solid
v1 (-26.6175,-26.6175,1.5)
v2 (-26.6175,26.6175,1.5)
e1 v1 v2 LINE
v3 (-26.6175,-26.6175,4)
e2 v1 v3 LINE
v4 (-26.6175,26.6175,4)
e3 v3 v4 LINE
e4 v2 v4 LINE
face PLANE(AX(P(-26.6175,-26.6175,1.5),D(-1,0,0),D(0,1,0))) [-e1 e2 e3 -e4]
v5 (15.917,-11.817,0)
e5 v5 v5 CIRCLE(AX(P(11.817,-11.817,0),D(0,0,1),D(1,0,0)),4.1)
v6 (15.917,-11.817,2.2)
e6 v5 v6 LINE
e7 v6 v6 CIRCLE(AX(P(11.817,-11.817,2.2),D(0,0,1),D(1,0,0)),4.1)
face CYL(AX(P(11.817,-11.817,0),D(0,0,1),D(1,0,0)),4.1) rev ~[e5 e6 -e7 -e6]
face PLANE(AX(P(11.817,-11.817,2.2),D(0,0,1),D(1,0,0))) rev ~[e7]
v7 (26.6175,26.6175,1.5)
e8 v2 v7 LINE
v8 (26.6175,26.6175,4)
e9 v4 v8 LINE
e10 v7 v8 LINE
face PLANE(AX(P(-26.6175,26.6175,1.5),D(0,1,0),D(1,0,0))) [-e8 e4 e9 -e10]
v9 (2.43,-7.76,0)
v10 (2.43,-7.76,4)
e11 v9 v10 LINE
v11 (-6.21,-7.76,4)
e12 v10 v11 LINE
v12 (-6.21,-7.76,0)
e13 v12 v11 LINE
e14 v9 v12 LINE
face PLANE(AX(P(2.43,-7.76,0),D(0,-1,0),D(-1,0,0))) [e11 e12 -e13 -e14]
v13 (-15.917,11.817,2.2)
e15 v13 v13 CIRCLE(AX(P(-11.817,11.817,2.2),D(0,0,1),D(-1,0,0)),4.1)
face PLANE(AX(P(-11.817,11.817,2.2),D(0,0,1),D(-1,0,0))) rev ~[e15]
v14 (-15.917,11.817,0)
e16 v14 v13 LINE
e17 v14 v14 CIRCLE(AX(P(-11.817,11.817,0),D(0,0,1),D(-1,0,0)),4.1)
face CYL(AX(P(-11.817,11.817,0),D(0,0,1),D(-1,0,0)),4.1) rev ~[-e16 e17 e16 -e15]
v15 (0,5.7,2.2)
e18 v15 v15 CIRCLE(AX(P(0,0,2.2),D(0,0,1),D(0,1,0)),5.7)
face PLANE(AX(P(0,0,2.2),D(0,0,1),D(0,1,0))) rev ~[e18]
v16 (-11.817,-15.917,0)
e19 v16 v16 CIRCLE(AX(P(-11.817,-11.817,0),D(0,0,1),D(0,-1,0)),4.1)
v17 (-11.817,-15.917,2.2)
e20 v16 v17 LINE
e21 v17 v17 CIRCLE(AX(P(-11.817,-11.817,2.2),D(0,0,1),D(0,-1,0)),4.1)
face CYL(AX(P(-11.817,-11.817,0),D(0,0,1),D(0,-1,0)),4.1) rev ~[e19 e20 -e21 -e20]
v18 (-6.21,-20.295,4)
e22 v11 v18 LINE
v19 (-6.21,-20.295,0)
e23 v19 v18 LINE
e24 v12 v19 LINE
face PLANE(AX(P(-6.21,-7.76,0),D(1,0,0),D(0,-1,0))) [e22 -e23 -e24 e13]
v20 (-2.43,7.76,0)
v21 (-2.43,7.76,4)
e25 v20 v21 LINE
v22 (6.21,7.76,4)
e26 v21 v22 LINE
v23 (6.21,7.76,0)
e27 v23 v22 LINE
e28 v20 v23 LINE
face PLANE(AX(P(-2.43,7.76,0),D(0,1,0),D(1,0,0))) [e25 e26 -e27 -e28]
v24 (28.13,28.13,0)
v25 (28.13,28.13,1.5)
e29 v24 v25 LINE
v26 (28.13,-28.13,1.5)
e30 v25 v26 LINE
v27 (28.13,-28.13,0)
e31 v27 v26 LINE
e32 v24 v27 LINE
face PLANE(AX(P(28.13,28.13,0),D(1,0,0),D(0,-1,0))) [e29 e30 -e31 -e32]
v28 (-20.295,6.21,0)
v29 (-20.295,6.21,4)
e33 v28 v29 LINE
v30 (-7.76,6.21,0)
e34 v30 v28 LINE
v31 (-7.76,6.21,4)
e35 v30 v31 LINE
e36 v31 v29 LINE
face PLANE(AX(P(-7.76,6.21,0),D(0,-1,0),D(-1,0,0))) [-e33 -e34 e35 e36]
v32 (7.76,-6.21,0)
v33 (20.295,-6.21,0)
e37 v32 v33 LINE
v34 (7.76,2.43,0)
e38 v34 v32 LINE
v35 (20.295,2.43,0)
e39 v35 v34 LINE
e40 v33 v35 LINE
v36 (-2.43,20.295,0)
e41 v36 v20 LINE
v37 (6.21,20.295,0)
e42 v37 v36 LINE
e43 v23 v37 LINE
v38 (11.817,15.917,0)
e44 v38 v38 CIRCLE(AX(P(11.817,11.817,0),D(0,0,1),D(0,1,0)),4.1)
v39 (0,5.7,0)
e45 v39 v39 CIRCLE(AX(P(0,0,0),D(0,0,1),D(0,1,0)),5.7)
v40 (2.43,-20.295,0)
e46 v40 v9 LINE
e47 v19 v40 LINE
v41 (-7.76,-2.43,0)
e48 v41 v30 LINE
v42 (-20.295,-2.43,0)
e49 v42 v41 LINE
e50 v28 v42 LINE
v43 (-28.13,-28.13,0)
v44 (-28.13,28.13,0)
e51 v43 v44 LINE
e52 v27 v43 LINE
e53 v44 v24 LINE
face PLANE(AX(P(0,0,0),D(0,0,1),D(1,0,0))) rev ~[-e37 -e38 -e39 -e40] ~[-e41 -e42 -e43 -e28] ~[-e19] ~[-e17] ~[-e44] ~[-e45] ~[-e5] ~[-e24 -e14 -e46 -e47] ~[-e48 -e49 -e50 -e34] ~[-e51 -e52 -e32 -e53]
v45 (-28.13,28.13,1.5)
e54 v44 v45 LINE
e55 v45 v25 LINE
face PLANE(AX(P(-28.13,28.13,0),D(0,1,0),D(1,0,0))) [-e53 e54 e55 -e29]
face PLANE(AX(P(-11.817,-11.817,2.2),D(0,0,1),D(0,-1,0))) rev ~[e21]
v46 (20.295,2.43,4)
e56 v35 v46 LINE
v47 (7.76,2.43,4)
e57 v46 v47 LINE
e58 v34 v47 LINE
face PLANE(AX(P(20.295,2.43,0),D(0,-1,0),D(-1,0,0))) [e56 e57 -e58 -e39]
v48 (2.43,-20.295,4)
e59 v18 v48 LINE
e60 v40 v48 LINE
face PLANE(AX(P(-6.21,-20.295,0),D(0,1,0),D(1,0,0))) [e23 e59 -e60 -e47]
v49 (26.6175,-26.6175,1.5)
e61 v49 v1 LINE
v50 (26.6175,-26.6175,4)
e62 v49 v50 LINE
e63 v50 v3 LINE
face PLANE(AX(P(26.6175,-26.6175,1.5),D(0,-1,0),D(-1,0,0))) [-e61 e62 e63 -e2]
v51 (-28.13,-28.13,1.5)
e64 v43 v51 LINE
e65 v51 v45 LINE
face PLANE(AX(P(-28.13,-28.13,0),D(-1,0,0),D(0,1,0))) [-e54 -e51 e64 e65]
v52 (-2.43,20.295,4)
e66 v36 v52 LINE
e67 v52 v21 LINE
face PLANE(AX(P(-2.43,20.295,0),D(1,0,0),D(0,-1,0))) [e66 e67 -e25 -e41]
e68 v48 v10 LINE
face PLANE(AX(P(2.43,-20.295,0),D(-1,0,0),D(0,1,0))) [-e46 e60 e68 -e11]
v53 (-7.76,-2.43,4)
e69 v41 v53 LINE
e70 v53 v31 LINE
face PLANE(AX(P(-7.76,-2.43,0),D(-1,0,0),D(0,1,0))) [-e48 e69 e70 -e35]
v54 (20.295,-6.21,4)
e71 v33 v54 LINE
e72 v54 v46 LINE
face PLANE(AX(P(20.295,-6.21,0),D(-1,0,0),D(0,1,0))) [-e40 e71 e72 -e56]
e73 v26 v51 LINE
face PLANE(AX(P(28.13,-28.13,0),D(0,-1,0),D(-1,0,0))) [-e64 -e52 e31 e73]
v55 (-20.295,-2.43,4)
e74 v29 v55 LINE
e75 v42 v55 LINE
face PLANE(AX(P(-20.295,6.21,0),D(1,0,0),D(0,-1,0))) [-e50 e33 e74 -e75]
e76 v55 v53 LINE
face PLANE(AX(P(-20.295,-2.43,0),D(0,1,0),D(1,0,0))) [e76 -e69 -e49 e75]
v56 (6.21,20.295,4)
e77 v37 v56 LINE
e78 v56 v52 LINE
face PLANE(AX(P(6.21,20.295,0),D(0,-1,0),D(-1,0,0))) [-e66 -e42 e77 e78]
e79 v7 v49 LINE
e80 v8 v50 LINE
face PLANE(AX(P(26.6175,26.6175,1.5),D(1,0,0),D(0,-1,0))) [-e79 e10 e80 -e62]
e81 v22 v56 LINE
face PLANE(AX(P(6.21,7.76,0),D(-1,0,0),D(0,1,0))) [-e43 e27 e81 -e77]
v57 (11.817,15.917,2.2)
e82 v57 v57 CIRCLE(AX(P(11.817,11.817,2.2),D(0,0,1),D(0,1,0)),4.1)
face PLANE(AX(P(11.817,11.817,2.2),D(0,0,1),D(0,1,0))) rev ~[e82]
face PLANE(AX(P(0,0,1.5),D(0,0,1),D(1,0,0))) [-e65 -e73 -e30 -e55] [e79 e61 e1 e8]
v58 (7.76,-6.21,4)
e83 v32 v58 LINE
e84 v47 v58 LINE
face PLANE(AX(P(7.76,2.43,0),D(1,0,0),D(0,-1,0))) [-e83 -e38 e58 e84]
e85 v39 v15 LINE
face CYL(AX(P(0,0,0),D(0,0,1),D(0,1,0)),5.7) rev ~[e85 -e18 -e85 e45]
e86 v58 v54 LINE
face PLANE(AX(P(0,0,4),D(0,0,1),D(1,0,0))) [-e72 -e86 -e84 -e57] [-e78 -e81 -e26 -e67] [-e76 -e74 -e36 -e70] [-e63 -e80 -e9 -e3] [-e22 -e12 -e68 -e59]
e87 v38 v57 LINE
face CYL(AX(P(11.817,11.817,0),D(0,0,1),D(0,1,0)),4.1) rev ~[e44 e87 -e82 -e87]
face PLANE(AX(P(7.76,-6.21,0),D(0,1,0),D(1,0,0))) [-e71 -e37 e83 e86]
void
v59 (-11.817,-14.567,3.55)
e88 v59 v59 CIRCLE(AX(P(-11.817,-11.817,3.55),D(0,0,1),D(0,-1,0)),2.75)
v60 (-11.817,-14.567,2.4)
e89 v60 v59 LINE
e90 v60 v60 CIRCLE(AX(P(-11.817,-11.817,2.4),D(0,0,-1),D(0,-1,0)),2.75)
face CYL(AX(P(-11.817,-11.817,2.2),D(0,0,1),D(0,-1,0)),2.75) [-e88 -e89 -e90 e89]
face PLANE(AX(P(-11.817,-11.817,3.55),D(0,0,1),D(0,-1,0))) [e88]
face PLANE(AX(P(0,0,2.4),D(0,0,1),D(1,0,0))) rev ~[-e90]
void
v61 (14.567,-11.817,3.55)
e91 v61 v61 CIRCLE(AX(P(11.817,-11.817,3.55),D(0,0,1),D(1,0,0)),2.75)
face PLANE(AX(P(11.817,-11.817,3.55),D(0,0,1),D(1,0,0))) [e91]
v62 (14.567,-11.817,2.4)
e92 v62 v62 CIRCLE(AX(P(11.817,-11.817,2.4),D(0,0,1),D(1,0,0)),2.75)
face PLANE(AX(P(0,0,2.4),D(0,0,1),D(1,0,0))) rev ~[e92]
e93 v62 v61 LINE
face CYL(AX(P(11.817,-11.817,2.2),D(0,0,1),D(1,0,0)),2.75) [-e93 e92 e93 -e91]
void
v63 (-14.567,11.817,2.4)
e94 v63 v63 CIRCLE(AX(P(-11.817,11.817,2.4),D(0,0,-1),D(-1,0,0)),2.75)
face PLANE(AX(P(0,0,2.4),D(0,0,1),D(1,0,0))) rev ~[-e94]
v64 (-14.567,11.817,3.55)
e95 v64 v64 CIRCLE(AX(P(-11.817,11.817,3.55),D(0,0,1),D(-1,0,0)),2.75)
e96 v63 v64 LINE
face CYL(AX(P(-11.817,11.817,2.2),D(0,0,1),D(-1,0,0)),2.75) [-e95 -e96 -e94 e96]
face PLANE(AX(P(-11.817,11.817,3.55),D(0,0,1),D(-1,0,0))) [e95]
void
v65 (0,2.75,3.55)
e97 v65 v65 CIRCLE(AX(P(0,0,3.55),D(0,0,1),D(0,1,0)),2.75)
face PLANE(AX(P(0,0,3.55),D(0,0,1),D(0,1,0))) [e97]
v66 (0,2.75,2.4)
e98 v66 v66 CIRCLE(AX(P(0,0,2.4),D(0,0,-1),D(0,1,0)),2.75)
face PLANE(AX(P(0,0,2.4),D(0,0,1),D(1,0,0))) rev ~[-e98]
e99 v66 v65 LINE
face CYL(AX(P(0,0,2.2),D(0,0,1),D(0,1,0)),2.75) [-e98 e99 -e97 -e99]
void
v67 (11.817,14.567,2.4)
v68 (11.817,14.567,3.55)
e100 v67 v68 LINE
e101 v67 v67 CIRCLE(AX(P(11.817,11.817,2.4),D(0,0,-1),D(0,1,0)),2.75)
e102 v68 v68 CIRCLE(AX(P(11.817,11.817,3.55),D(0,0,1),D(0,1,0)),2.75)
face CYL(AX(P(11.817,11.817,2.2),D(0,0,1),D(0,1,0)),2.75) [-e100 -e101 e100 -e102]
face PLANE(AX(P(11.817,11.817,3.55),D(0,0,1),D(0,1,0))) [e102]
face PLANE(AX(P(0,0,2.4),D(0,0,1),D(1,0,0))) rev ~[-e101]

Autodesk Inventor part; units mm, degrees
ref_plane "YZ Plane" through (0, 0, 0) normal (1, 0, 0) x (0, 1, 0)
ref_plane "XZ Plane" through (0, 0, 0) normal (0, 1, 0) x (-1, 0, 0)
sketch "Skizze1" plane through (0, 0, 0) normal (0, 0, 1) x (1, 0, 0)
  line L0 (-28.13, 28.13) -> (28.13, 28.13)
  line L1 (28.13, 28.13) -> (28.13, -28.13)
  line L2 (28.13, -28.13) -> (-28.13, -28.13)
  line L3 (-28.13, -28.13) -> (-28.13, 28.13)
  line L4 (-39.382, 0) -> (39.382, 0) construction
  line L5 (0, -39.382) -> (0, 39.382) construction
  point P0 (0, 0)
  dimension "d0" = 56.26
extrude "Extrusion1" add sketch "Skizze1" along normal blind 1.5
sketch "Skizze2" plane through (0, 0, 1.5) normal (0, 0, 1) x (1, 0, 0)
  line L0 (0, -39.382) -> (0, 39.382) construction
  line L1 (-39.382, 0) -> (39.382, 0) construction
  line L2 (-26.6175, 26.6175) -> (26.6175, 26.6175)
  line L3 (26.6175, 26.6175) -> (26.6175, -26.6175)
  line L4 (26.6175, -26.6175) -> (-26.6175, -26.6175)
  line L5 (-26.6175, -26.6175) -> (-26.6175, 26.6175)
  line L6 (28.13, 28.13) -> (-28.13, 28.13) projected
  point P0 (0, 0)
  dimension "d3" = 53.235
extrude "Extrusion2" add sketch "Skizze2" along normal blind 2.5
sketch "Skizze3" plane through (0, 0, 0) normal (0, 0, -1) x (-1, 0, 0)
  line L0 (28.13, -28.13) -> (-28.13, -28.13) projected
  line L1 (28.13, 28.13) -> (28.13, -28.13) projected
  line L2 (-28.13, 28.13) -> (28.13, 28.13) projected
  line L3 (-28.13, -28.13) -> (-28.13, 28.13) projected
  line L4 (-6.21, 20.295) -> (2.43, 20.295)
  line L5 (2.43, 20.295) -> (2.43, 7.76)
  line L6 (2.43, 7.76) -> (-6.21, 7.76)
  line L7 (-6.21, 7.76) -> (-6.21, 20.295)
  point P0 (0, 0)
  point P1 (0, 0)
  dimension "d6" = 21.92
  dimension "d7" = 8.64
  dimension "d8" = 12.535
  dimension "d9" = 35.89
extrude "Extrusion3" cut sketch "Skizze3" against normal up to surface (4 mm away) contours L4 L5 L6 L7
pattern_circular "Runde Anordnung1" count 4 over 360 about axis through (0, 0, -10) along (0, 0, 1) of "Extrusion3"
sketch "Skizze4" plane through (0, 0, 0) normal (0, 0, -1) x (-1, 0, 0)
  line L0 (-28.13, -28.13) -> (-28.13, 28.13) projected
  line L1 (-28.13, 28.13) -> (28.13, 28.13) projected
  point P0 (0, 0)
  point P1 (-11.817, 11.817)
  dimension "d15" = 16.313
  dimension "d16" = 16.313
hole "Bohrung1" at (11.817, 11.817, 0) direction (0, 0, 1) diameter 5.5 depth 3.55 counterbore diameter 8.2 counterbore depth 2.2
pattern_circular "Runde Anordnung2" count 4 over 360 about axis through (0, 0, -10) along (0, 0, 1) of "Bohrung1"
sketch "Skizze5" plane through (0, 0, 0) normal (0, 0, -1) x (-1, 0, 0)
  point P0 (0, 0)
  point P1 (0, 0)
hole "Bohrung2" at (0, 0, 0) direction (0, 0, 1) diameter 5.5 depth 3.55 counterbore diameter 11.4 counterbore depth 2.2
ref_plane "Arbeitsebene1" through (0, 0, 2.2) normal (0, 0, 1) x (1, 0, 0)
sketch "Skizze6" plane through (0, 0, 2.2) normal (0, 0, 1) x (1, 0, 0)
  circle A0 centre (-11.817, -11.817) radius 2.75 projected
  circle A1 centre (-11.817, 11.817) radius 2.75 projected
  circle A2 centre (11.817, 11.817) radius 2.75 projected
  circle A3 centre (11.817, -11.817) radius 2.75 projected
  circle A4 centre (0, 0) radius 2.75 projected
extrude "Extrusion4" add sketch "Skizze6" along normal blind 0.2
properties part number "PCB_coverPlatte_MagnetEingefasst"
